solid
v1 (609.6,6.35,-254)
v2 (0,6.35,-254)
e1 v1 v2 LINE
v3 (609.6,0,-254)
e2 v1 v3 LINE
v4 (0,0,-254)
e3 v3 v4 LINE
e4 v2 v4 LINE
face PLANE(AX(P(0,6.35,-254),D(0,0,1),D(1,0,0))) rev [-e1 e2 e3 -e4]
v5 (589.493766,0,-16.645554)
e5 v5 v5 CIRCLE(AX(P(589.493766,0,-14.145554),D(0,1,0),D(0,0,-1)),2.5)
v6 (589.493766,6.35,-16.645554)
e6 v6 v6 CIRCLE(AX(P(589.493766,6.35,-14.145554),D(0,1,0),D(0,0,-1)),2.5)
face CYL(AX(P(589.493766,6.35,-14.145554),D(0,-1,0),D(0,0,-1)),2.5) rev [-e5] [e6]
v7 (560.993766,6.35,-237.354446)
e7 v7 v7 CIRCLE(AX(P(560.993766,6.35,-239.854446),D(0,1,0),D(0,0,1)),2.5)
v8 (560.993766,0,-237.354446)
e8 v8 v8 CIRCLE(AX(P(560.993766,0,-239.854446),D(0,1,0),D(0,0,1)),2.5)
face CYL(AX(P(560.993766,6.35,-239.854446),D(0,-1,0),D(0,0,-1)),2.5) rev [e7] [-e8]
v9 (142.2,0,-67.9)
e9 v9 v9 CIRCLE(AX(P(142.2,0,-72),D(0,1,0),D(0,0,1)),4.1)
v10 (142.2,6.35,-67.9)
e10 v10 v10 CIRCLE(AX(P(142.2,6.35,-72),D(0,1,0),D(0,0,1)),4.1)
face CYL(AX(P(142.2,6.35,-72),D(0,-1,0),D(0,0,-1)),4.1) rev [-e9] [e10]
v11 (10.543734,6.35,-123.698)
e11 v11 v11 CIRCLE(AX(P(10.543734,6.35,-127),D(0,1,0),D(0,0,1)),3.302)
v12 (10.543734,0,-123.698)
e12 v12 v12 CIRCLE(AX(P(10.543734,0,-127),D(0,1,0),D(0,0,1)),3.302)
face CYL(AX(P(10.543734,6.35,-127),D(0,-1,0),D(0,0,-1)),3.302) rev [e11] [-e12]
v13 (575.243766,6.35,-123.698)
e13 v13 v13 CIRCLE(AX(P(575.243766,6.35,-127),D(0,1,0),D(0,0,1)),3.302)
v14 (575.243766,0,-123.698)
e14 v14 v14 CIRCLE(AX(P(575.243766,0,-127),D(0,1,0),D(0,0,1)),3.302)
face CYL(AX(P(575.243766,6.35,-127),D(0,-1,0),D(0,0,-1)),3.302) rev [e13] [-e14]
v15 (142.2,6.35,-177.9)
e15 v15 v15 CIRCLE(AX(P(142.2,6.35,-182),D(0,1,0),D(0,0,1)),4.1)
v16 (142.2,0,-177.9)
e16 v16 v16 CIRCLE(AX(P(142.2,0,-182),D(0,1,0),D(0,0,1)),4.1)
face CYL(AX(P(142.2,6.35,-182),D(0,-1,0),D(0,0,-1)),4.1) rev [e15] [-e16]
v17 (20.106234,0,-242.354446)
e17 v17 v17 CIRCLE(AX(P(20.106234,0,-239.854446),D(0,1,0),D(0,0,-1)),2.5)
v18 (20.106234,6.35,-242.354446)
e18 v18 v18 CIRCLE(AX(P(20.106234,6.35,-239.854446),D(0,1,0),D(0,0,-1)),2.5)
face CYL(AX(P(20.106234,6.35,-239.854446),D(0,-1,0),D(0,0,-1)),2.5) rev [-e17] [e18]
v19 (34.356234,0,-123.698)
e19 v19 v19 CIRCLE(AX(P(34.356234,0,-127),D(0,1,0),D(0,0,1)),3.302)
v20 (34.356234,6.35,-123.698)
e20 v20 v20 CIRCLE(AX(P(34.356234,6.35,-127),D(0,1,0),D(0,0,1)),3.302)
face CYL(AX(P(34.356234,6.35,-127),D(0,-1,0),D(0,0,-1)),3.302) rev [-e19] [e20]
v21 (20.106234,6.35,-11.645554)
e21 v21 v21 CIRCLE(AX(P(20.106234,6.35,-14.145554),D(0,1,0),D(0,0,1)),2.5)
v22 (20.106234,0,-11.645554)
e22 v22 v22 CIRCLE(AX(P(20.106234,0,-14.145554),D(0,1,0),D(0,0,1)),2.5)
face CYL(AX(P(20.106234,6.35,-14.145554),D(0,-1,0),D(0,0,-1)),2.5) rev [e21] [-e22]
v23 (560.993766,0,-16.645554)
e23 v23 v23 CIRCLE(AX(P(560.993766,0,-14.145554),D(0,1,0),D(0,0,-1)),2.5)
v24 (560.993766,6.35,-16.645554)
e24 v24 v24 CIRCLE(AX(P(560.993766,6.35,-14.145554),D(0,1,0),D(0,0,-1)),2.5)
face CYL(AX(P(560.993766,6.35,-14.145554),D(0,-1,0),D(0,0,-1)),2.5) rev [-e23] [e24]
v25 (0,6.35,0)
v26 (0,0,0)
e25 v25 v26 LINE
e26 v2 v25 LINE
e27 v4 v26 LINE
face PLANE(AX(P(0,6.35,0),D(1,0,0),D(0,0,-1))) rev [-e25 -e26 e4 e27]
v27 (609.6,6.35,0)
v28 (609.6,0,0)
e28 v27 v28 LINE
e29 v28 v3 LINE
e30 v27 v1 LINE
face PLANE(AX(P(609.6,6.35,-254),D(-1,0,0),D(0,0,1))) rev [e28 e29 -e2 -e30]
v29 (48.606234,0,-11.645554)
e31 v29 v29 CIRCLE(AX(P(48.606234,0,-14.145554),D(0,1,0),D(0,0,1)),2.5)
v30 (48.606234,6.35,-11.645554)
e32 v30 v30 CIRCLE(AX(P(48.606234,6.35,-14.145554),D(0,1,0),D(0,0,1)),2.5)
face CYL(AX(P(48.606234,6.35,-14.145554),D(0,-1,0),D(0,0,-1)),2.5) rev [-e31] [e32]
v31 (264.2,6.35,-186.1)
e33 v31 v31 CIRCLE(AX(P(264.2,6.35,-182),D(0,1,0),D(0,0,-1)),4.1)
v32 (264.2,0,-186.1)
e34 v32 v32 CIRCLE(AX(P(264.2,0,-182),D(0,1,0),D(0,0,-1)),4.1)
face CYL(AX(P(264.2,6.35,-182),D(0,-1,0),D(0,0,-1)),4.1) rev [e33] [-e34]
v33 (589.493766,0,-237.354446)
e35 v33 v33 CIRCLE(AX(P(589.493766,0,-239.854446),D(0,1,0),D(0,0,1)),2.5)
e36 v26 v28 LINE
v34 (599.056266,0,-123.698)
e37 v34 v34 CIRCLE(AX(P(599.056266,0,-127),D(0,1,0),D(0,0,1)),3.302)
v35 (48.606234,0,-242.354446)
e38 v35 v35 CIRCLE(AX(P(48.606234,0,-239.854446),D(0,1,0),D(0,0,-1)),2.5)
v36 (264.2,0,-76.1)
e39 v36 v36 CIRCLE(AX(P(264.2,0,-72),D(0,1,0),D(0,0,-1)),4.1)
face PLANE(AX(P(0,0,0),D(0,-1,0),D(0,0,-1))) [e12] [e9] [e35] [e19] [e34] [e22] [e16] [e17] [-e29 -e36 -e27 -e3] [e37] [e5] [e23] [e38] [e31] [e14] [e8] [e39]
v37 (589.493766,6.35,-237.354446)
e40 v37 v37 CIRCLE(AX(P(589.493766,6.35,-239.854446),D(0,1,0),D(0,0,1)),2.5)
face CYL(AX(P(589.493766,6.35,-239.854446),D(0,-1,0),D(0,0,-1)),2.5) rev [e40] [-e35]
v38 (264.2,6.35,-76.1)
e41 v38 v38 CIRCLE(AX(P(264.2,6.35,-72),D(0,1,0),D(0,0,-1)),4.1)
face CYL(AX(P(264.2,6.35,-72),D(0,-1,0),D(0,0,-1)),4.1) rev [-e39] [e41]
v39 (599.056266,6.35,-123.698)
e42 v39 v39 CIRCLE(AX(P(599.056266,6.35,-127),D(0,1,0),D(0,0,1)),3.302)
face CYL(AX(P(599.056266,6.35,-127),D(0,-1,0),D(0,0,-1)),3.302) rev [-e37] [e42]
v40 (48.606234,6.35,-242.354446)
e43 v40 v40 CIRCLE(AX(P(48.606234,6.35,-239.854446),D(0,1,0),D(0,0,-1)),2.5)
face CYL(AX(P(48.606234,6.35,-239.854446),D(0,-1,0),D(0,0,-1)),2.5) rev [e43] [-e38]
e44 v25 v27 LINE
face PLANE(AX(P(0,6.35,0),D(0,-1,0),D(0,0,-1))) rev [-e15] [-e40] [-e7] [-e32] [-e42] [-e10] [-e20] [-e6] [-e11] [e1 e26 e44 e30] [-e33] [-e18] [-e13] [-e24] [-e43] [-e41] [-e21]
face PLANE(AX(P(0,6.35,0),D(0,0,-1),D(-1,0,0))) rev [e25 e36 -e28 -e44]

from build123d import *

# Parameters (mm, degrees)
SKETCH1_W           = 609.6
SKETCH1_H           = 254
SKETCH1_R           = 4.1
SKETCH1_R_2         = 2.5
SKETCH1_R_3         = 3.302
BOSS_EXTRUDE1_DEPTH = 6.35


with BuildPart() as part:
    # Sketch1 → Boss-Extrude1 (new body)
    with BuildSketch(Plane(origin=(0, 0, 0), x_dir=(1, 0, 0), z_dir=(0, 1, 0))):
        with Locations((304.8, 127)):
            Rectangle(SKETCH1_W, SKETCH1_H)
        with Locations((142.2, 72)):
            Circle(SKETCH1_R, mode=Mode.SUBTRACT)
        with Locations((142.2, 182)):
            Circle(SKETCH1_R, mode=Mode.SUBTRACT)
        with Locations((264.2, 182)):
            Circle(SKETCH1_R, mode=Mode.SUBTRACT)
        with Locations((264.2, 72)):
            Circle(SKETCH1_R, mode=Mode.SUBTRACT)
        with Locations((20.106234408, 14.145554392)):
            Circle(SKETCH1_R_2, mode=Mode.SUBTRACT)
        with Locations((48.606234408, 14.145554392)):
            Circle(SKETCH1_R_2, mode=Mode.SUBTRACT)
        with Locations((560.993765592, 14.145554392)):
            Circle(SKETCH1_R_2, mode=Mode.SUBTRACT)
        with Locations((589.493765592, 14.145554392)):
            Circle(SKETCH1_R_2, mode=Mode.SUBTRACT)
        with Locations((589.493765592, 239.854445608)):
            Circle(SKETCH1_R_2, mode=Mode.SUBTRACT)
        with Locations((560.993765592, 239.854445608)):
            Circle(SKETCH1_R_2, mode=Mode.SUBTRACT)
        with Locations((48.606234408, 239.854445608)):
            Circle(SKETCH1_R_2, mode=Mode.SUBTRACT)
        with Locations((20.106234408, 239.854445608)):
            Circle(SKETCH1_R_2, mode=Mode.SUBTRACT)
        with Locations((575.243765592, 127)):
            Circle(SKETCH1_R_3, mode=Mode.SUBTRACT)
        with Locations((599.056265592, 127)):
            Circle(SKETCH1_R_3, mode=Mode.SUBTRACT)
        with Locations((10.543734408, 127)):
            Circle(SKETCH1_R_3, mode=Mode.SUBTRACT)
        with Locations((34.356234408, 127)):
            Circle(SKETCH1_R_3, mode=Mode.SUBTRACT)
    extrude(amount=BOSS_EXTRUDE1_DEPTH)


solid = part.part
